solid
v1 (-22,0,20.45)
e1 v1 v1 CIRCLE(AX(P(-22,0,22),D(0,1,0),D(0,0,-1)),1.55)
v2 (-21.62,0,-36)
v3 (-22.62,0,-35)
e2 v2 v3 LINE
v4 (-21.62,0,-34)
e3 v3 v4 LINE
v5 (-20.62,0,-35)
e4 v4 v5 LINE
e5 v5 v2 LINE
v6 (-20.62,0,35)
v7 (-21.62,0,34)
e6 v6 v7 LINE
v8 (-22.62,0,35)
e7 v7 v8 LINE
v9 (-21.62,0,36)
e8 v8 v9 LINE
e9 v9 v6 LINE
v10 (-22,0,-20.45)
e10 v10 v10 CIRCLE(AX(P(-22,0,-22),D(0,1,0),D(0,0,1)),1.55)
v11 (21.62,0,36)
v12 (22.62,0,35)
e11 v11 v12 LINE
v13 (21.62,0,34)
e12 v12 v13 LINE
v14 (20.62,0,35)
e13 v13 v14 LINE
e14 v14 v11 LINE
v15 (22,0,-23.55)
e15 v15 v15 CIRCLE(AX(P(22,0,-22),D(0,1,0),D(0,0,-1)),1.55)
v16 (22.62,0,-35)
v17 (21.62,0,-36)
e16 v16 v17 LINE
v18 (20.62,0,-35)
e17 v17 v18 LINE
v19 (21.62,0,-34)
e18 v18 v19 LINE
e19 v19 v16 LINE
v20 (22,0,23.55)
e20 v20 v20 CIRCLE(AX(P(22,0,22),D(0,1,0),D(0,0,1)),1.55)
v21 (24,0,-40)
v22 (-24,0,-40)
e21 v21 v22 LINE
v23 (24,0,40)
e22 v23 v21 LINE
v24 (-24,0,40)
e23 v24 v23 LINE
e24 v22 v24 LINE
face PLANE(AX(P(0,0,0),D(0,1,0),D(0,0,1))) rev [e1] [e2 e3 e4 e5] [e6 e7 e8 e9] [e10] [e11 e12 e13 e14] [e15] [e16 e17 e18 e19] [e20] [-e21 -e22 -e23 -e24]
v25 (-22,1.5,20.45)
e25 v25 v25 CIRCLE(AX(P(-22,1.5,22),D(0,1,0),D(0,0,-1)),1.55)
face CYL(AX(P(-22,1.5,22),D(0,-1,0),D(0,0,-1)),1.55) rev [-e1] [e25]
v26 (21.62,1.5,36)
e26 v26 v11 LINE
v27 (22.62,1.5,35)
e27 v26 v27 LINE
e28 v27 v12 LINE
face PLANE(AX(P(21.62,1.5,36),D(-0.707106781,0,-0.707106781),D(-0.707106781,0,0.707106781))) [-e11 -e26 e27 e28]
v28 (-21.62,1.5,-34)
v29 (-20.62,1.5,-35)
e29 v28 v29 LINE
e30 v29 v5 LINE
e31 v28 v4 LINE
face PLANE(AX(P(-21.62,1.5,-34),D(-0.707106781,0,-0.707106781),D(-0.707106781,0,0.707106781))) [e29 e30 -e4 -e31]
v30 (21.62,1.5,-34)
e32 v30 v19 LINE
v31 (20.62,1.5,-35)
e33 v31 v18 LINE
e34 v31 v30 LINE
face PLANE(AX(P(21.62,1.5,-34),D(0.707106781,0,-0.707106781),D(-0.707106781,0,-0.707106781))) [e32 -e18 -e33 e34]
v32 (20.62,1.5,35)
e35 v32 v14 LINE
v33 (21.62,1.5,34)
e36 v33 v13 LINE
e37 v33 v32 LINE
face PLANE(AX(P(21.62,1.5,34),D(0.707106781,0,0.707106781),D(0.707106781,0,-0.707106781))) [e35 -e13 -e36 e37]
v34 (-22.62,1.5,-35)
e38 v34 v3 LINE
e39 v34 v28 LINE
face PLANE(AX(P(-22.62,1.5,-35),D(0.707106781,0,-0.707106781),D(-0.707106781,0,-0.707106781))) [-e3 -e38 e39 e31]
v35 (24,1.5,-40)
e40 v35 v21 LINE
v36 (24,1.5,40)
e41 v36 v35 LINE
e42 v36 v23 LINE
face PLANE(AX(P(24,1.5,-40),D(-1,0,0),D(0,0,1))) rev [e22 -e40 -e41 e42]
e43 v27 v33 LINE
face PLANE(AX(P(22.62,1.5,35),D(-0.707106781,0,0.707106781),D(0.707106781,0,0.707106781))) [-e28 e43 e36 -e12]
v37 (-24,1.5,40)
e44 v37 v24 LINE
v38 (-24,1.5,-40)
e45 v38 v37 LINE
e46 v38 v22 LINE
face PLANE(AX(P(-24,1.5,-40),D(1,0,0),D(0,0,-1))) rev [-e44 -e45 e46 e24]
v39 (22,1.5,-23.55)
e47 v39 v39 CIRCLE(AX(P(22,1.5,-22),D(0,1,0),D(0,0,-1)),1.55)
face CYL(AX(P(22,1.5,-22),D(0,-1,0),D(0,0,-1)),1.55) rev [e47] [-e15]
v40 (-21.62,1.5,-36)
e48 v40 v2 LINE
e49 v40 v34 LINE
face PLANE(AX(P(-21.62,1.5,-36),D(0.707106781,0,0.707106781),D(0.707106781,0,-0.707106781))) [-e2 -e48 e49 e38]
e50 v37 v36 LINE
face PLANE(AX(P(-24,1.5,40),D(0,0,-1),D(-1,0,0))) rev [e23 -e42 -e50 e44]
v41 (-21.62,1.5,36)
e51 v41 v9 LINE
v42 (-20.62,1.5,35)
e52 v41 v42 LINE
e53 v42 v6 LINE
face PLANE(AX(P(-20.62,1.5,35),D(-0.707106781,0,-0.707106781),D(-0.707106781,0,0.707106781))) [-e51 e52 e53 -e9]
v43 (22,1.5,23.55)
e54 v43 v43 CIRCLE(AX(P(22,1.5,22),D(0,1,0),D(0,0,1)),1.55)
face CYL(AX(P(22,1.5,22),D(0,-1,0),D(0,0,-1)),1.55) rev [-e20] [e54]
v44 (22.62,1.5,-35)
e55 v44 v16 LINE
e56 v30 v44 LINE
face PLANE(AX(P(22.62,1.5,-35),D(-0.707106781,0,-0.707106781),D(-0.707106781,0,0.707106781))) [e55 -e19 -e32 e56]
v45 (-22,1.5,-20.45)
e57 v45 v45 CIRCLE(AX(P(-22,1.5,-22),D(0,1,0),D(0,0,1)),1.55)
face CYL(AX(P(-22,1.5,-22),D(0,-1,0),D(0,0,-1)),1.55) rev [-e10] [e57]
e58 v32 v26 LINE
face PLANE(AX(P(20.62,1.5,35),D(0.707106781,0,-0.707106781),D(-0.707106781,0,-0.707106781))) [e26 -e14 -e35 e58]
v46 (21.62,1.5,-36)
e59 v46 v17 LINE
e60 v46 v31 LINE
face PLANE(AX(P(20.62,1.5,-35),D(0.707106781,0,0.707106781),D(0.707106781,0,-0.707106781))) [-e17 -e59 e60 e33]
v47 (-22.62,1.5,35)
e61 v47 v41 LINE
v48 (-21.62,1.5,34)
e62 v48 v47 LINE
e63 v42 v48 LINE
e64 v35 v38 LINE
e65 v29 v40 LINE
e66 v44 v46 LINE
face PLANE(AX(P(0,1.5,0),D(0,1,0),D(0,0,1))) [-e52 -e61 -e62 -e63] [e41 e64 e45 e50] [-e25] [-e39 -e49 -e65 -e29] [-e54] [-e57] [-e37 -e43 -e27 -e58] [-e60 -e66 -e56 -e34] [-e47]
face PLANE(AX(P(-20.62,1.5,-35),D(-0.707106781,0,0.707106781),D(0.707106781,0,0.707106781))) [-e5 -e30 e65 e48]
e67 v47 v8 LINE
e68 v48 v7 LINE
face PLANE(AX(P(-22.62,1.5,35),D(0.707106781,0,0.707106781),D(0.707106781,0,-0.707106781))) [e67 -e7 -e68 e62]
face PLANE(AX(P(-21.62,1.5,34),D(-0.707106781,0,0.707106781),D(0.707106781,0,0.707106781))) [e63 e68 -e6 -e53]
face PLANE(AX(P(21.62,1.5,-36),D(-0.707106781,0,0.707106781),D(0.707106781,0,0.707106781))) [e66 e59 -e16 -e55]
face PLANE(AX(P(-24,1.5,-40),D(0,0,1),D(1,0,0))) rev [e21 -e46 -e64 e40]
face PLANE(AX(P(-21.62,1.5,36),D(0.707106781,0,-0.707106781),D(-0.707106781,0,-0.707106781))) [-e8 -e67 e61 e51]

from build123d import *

# Parameters (mm, degrees)
SKETCH_1_W      = 48
SKETCH_1_H      = 80
SKETCH_1_R      = 1.55
EXTRUDE_1_DEPTH = 1.5


with BuildPart() as part:
    # 草图1 → 凸台-拉伸1 (new body)
    with BuildSketch(Plane(origin=(0, 0, 0), x_dir=(1, 0, 0), z_dir=(0, 1, 0))):
        Rectangle(SKETCH_1_W, SKETCH_1_H)
        with Locations(Location((-22, 22, 0), (0, 0, 270))):
            Circle(SKETCH_1_R, mode=Mode.SUBTRACT)
        with Locations(Location((22, 22, 0), (0, 0, 90))):
            Circle(SKETCH_1_R, mode=Mode.SUBTRACT)
        with Locations(Location((22, -22, 0), (0, 0, 270))):
            Circle(SKETCH_1_R, mode=Mode.SUBTRACT)
        with Locations(Location((-22, -22, 0), (0, 0, 90))):
            Circle(SKETCH_1_R, mode=Mode.SUBTRACT)
        Polygon((22.62, 35), (21.62, 34), (20.62, 35), (21.62, 36), align=None, mode=Mode.SUBTRACT)
        Polygon((-21.62, 34), (-20.62, 35), (-21.62, 36), (-22.62, 35), align=None, mode=Mode.SUBTRACT)
        Polygon((21.62, -36), (22.62, -35), (21.62, -34), (20.62, -35), align=None, mode=Mode.SUBTRACT)
        Polygon((-22.62, -35), (-21.62, -34), (-20.62, -35), (-21.62, -36), align=None, mode=Mode.SUBTRACT)
    extrude(amount=EXTRUDE_1_DEPTH)


solid = part.part
